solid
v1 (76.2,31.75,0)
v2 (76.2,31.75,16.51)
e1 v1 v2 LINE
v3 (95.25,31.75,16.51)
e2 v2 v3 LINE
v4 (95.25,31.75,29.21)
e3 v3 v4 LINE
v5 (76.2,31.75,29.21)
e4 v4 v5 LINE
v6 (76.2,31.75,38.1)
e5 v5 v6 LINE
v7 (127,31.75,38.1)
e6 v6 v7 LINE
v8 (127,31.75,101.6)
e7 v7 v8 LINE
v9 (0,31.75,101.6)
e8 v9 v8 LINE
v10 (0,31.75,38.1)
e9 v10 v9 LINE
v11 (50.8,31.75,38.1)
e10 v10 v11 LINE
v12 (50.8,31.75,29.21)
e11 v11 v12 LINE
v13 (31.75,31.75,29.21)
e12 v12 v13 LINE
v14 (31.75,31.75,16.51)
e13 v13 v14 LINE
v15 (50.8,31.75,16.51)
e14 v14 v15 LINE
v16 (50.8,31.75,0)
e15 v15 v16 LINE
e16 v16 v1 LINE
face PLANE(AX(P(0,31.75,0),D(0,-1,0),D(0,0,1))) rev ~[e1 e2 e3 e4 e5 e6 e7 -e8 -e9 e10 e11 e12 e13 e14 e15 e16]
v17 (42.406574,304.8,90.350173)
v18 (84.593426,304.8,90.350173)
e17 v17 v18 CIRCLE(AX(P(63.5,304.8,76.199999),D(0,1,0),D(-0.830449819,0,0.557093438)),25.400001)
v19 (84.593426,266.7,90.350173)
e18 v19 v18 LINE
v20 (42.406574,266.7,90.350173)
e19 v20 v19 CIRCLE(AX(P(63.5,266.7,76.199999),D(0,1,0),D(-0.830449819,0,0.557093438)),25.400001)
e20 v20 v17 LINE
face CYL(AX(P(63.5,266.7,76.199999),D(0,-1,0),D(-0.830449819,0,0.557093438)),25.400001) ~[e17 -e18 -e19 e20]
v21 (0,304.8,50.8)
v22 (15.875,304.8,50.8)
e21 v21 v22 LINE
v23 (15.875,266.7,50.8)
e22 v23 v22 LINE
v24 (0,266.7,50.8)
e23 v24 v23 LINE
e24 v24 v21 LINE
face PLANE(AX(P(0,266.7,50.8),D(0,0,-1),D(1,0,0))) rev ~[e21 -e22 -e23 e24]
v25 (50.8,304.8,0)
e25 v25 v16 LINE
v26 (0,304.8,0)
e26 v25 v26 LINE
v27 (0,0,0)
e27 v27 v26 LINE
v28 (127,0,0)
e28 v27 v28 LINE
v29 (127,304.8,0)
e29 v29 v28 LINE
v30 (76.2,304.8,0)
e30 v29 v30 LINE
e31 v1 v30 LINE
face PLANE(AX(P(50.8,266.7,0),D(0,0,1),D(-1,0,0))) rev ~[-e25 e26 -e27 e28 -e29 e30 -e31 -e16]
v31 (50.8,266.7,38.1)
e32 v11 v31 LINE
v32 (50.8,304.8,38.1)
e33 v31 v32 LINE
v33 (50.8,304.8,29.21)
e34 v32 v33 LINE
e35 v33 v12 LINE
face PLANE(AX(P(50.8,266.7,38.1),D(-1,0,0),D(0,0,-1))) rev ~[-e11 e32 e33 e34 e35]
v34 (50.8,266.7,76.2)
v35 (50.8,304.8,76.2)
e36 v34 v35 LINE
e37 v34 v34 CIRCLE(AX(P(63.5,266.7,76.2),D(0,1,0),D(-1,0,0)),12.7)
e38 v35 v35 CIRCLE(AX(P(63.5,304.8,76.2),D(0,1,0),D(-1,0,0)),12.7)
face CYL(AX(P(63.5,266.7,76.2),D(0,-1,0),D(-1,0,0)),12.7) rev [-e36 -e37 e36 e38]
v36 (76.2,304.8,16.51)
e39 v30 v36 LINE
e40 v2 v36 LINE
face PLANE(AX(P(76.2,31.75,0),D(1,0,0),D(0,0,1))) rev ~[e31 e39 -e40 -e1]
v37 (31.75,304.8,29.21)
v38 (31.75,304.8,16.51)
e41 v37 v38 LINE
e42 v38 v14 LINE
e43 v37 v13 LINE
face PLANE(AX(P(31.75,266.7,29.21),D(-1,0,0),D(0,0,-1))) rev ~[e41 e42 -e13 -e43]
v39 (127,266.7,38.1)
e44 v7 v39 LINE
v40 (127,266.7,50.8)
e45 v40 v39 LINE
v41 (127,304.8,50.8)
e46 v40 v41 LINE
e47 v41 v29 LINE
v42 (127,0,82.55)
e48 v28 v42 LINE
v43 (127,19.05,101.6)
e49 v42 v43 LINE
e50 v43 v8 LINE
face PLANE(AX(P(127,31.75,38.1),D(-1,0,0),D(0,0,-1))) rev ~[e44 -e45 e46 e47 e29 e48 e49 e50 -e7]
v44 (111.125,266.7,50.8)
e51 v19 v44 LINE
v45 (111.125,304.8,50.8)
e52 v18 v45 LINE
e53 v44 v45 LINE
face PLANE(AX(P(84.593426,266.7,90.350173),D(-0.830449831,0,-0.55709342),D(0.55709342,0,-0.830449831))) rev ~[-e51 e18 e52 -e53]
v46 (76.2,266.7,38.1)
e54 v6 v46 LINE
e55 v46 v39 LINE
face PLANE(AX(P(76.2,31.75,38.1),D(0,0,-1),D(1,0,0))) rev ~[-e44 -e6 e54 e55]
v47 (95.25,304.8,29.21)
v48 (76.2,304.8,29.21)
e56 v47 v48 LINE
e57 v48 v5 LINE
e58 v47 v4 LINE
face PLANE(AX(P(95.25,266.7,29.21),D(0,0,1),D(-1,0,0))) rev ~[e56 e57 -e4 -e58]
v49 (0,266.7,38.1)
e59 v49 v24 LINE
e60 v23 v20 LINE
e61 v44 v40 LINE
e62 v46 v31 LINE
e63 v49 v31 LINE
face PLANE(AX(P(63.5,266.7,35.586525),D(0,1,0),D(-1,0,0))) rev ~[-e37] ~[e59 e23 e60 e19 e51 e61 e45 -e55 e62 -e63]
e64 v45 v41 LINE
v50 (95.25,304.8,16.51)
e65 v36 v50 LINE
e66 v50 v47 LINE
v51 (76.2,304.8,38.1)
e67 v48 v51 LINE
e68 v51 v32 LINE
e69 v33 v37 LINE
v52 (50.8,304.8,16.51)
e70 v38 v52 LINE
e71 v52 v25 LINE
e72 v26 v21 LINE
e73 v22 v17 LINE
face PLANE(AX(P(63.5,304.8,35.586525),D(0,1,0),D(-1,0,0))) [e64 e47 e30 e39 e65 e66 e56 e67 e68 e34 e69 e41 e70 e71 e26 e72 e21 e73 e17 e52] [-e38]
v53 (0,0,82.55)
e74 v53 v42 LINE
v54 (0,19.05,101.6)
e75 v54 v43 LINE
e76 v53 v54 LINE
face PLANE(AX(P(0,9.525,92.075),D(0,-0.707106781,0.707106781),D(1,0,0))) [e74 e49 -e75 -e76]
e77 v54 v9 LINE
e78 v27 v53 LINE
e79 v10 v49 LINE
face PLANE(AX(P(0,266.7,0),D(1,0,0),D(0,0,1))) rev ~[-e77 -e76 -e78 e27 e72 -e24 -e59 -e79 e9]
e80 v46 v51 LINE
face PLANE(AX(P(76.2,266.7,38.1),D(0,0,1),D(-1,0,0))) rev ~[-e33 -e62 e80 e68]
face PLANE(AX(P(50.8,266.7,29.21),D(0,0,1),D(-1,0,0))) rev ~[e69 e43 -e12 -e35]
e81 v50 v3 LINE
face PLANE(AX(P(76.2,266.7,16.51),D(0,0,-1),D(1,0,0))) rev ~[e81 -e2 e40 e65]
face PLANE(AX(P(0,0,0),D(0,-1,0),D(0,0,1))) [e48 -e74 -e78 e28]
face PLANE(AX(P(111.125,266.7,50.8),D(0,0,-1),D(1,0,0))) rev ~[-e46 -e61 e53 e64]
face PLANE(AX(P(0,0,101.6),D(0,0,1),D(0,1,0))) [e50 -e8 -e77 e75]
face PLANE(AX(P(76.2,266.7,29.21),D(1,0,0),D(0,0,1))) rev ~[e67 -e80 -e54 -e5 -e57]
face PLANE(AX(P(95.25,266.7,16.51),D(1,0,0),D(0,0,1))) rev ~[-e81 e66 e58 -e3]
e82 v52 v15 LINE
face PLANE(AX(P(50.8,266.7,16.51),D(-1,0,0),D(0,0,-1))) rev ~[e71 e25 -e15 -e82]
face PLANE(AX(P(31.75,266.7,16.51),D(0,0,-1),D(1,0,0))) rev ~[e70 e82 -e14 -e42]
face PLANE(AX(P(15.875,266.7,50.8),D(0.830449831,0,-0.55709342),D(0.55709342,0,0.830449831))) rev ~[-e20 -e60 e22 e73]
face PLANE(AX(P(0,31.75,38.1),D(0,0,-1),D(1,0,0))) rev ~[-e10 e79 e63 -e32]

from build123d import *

# Parameters (mm, degrees)
F0_W     = 31.75
F0_H     = 101.6
F1_DEPTH = 127
F2_SIZE  = 19.05
F4_DEPTH = 234.95
F5_R     = 12.7
F6_DEPTH = 38.1


with BuildPart() as f1:
    # F0 (on Right) → F1 (new body)
    with BuildSketch(Plane.YZ):
        with Locations((15.875, 50.8)):
            Rectangle(F0_W, F0_H)
    extrude(amount=F1_DEPTH)

    # F2
    f2_edges = [f1.edges().sort_by_distance(p)[0] for p in [
        (63.5, 0, 101.6),
    ]]
    chamfer(f2_edges, length=F2_SIZE)

    # F3 (on face) → F4 (join)
    with BuildSketch(Plane(origin=(0, 31.75, 0), x_dir=(-1, 0, 0), z_dir=(0, 1, 0))):
        Polygon((-127, 0), (-76.2, 0), (-76.2, 16.51), (-95.25, 16.51), (-95.25, 29.21), (-76.2, 29.21), (-76.2, 38.1), (-127, 38.1), align=None)
        Polygon((-50.8, 0), (0, 0), (0, 38.1), (-50.8, 38.1), (-50.8, 29.21), (-31.75, 29.21), (-31.75, 16.51), (-50.8, 16.51), align=None)
    extrude(amount=F4_DEPTH)

    # F5 (on face) → F6 (join)
    with BuildSketch(Plane(origin=(0, 266.7, 0), x_dir=(-1, 0, 0), z_dir=(0, 1, 0))):
        with BuildLine():
            Line((-50.8, 0), (0, 0))
            Line((0, 0), (0, 50.8))
            Line((0, 50.8), (-15.875, 50.8))
            Line((-15.875, 50.8), (-42.406574, 90.350173))
            ThreePointArc((-42.406574, 90.350173), (-63.5, 101.6), (-84.593426, 90.350173))
            Line((-84.593426, 90.350173), (-111.125, 50.8))
            Line((-111.125, 50.8), (-127, 50.8))
            Line((-127, 50.8), (-127, 0))
            Line((-127, 0), (-76.2, 0))
            Line((-76.2, 0), (-76.2, 16.51))
            Line((-76.2, 16.51), (-95.25, 16.51))
            Line((-95.25, 16.51), (-95.25, 29.21))
            Line((-95.25, 29.21), (-76.2, 29.21))
            Line((-76.2, 29.21), (-76.2, 38.1))
            Line((-76.2, 38.1), (-50.8, 38.1))
            Line((-50.8, 38.1), (-50.8, 29.21))
            Line((-50.8, 29.21), (-31.75, 29.21))
            Line((-31.75, 29.21), (-31.75, 16.51))
            Line((-31.75, 16.51), (-50.8, 16.51))
            Line((-50.8, 16.51), (-50.8, 0))
        make_face()
        with Locations((-63.5, 76.2)):
            Circle(F5_R, mode=Mode.SUBTRACT)
    extrude(amount=F6_DEPTH)


solid = f1.part
